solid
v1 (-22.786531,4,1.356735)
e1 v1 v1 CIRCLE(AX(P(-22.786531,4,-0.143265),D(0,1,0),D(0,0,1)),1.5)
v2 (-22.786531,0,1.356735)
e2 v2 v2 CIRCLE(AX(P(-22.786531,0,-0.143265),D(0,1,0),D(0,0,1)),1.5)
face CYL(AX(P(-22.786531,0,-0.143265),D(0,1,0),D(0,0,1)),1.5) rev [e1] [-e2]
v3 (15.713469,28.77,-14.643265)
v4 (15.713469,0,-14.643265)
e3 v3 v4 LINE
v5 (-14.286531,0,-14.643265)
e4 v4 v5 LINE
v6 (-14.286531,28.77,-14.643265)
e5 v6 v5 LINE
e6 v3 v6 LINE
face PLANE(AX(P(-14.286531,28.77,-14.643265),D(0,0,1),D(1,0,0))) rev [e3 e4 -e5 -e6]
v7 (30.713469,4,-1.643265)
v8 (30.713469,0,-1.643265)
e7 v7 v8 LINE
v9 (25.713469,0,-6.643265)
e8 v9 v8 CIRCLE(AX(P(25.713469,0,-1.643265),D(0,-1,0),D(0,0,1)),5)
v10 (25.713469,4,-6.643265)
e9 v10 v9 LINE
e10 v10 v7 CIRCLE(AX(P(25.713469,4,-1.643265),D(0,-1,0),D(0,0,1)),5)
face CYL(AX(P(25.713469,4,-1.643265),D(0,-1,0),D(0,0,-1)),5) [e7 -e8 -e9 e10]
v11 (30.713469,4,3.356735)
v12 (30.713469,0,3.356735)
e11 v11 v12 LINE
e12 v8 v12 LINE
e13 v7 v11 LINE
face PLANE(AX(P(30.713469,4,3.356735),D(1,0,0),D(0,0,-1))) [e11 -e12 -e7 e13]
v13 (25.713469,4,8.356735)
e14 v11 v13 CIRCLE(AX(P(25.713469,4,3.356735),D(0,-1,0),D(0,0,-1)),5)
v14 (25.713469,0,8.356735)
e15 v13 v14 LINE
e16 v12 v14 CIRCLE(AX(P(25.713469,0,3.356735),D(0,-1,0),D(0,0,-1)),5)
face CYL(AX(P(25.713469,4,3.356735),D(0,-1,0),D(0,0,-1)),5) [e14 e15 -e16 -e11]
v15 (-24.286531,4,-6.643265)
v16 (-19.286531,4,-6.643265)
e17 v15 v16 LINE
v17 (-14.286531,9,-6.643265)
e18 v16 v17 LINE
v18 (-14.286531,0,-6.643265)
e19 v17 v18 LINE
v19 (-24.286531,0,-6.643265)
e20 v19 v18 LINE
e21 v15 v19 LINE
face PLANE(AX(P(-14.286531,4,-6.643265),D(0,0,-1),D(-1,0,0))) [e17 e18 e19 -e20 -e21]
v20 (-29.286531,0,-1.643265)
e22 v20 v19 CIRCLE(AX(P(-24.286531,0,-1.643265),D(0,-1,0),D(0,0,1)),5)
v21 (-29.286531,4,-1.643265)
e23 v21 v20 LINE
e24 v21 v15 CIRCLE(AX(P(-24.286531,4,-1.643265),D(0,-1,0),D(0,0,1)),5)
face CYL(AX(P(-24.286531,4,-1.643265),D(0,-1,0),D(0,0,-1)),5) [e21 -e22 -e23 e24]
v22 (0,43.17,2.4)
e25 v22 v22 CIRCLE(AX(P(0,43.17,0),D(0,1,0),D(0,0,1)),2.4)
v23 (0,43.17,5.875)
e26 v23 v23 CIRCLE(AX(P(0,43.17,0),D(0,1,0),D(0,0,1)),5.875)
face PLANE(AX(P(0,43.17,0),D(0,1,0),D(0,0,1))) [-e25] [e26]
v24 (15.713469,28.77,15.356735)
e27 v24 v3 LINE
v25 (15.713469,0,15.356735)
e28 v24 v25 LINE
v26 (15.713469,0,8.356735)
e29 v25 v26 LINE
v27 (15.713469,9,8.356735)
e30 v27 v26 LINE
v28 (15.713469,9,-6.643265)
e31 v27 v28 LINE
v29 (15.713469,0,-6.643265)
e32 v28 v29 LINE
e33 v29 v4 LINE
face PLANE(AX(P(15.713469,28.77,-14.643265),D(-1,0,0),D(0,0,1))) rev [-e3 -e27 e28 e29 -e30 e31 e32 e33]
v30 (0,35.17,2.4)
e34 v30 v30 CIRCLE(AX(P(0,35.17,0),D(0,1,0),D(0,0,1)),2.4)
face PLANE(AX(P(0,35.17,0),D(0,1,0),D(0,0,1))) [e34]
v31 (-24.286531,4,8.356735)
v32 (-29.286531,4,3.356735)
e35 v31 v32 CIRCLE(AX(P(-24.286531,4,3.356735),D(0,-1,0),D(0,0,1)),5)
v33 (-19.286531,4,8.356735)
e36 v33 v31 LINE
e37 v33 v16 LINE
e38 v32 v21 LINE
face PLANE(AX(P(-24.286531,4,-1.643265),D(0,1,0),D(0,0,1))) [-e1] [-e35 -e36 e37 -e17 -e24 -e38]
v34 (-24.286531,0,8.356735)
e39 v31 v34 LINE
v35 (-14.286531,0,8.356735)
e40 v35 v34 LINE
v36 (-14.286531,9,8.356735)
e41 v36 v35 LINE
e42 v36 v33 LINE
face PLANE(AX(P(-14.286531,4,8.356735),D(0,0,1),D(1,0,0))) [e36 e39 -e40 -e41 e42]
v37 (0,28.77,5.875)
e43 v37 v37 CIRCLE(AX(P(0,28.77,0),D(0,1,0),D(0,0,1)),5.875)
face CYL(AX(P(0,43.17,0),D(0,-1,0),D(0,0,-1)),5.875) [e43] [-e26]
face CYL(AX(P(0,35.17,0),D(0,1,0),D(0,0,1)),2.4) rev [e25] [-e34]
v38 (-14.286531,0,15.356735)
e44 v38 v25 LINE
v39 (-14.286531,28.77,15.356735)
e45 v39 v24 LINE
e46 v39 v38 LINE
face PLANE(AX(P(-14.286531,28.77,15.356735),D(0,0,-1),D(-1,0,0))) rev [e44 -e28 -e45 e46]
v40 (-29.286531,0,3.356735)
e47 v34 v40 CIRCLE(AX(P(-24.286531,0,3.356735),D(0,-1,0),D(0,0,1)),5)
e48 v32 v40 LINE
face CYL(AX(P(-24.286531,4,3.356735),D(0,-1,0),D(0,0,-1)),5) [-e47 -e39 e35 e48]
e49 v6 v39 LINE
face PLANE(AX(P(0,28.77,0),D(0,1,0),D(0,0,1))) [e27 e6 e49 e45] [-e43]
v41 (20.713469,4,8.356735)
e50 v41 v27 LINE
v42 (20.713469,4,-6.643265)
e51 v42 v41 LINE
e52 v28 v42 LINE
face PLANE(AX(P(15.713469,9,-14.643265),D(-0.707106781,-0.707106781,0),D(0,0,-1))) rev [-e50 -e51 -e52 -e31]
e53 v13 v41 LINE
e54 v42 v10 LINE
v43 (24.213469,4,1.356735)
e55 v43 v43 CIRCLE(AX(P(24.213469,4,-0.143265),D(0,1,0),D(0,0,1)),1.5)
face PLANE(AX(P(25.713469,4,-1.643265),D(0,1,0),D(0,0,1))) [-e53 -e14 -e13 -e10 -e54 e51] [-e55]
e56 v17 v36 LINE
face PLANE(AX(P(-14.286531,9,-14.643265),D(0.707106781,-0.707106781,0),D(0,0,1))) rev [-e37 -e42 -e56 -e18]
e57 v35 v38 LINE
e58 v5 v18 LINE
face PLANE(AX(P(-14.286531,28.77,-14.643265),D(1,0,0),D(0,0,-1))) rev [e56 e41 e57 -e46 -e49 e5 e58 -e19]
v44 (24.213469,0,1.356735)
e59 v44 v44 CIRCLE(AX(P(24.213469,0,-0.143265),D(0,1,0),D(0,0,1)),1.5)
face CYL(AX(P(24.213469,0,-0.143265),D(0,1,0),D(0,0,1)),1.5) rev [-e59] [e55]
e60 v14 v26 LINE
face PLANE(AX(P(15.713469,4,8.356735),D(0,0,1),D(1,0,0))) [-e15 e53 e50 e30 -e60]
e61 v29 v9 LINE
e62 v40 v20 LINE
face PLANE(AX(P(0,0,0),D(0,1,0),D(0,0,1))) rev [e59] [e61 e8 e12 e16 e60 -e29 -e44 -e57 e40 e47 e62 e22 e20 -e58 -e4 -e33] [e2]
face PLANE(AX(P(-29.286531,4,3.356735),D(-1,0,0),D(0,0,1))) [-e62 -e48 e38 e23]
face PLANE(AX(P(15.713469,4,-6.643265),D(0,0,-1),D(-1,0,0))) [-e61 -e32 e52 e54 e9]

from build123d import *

# Parameters (mm, degrees)
SKETCH_1_W               = 30
SKETCH_1_H               = 30
EXTRUDE_289_DEPTH        = 28.77
SKETCH_2_R               = 5.875
EXTRUDE_2_DEPTH          = 14.4
EXTRUDE_4_DEPTH          = 4
CUT_EXTRUDE_2_DEPTH      = 53.090646066
CUT_EXTRUDE_2_DEPTH_BACK = 53.090646066
SKETCH_6_R               = 1.5
CHAMFER_2_SIZE           = 5
CHAMFER_3_SIZE           = 5
SKETCH_4_R               = 2.4
CUT_EXTRUDE_3_DEPTH      = 8


with BuildPart() as part:
    # Эскиз1 → Extrude 289 (new body)
    with BuildSketch(Plane(origin=(0, 0, 0), x_dir=(1, 0, 0), z_dir=(0, 1, 0))):
        with Locations((0.713469456, -0.356734728)):
            Rectangle(SKETCH_1_W, SKETCH_1_H)
    extrude(amount=EXTRUDE_289_DEPTH)

    # Эскиз2 → Бобышка-Вытянуть2 (add)
    with BuildSketch(Plane(origin=(0, 28.77, 0), x_dir=(1, 0, 0), z_dir=(0, 1, 0))):
        with Locations(Location((0, 0, 0), (0, 0, 270))):
            Circle(SKETCH_2_R)
    extrude(amount=EXTRUDE_2_DEPTH)

    # Эскиз5 → Бобышка-Вытянуть4 (add)
    with BuildSketch(Plane.XZ):
        with BuildLine():
            Line((15.713469456, 8.356734728), (25.713469456, 8.356734728))
            ThreePointArc((25.713469456, 8.356734728), (29.249003362, 6.892268634), (30.713469456, 3.356734728))
            Line((30.713469456, 3.356734728), (30.713469456, -1.643265272))
            ThreePointArc((30.713469456, -1.643265272), (29.249003362, -5.178799178), (25.713469456, -6.643265272))
            Line((25.713469456, -6.643265272), (15.713469456, -6.643265272))
            Line((15.713469456, -6.643265272), (15.713469456, 8.356734728))
        make_face()
        with BuildLine():
            Line((-14.286530544, 8.356734728), (-24.286530544, 8.356734728))
            ThreePointArc((-24.286530544, 8.356734728), (-27.82206445, 6.892268634), (-29.286530544, 3.356734728))
            Line((-29.286530544, 3.356734728), (-29.286530544, -1.643265272))
            ThreePointArc((-29.286530544, -1.643265272), (-27.82206445, -5.178799178), (-24.286530544, -6.643265272))
            Line((-24.286530544, -6.643265272), (-14.286530544, -6.643265272))
            Line((-14.286530544, -6.643265272), (-14.286530544, 8.356734728))
        make_face()
    extrude(amount=-EXTRUDE_4_DEPTH)

    # Эскиз6 → Вырез-Вытянуть2 (cut, two sides: drawn at the far end of the back side and taken through both)
    with BuildSketch(Plane(origin=(0, 4, 0), x_dir=(1, 0, 0), z_dir=(0, 1, 0)).offset(-CUT_EXTRUDE_2_DEPTH_BACK)):
        with Locations(Location((24.213469456, 0.143265272, 0), (0, 0, 270))):
            Circle(SKETCH_6_R)
        with Locations(Location((-22.786530544, 0.143265272, 0), (0, 0, 270))):
            Circle(SKETCH_6_R)
    extrude(amount=CUT_EXTRUDE_2_DEPTH + CUT_EXTRUDE_2_DEPTH_BACK, mode=Mode.SUBTRACT)

    # Фаска2
    chamfer_2_edges = [part.edges().sort_by_distance(p)[0] for p in [
        (15.713469456, 4, 0.856734728),
    ]]
    chamfer(chamfer_2_edges, length=CHAMFER_2_SIZE)

    # Фаска3
    chamfer_3_edges = [part.edges().sort_by_distance(p)[0] for p in [
        (-14.286530544, 4, 0.856734728),
    ]]
    chamfer(chamfer_3_edges, length=CHAMFER_3_SIZE)

    # Эскиз4 → Вырез-Вытянуть3 (cut)
    with BuildSketch(Plane(origin=(0, 43.17, 0), x_dir=(1, 0, 0), z_dir=(0, 1, 0))):
        with Locations(Location((0, 0, 0), (0, 0, 270))):
            Circle(SKETCH_4_R)
    extrude(amount=-CUT_EXTRUDE_3_DEPTH, mode=Mode.SUBTRACT)


solid = part.part
